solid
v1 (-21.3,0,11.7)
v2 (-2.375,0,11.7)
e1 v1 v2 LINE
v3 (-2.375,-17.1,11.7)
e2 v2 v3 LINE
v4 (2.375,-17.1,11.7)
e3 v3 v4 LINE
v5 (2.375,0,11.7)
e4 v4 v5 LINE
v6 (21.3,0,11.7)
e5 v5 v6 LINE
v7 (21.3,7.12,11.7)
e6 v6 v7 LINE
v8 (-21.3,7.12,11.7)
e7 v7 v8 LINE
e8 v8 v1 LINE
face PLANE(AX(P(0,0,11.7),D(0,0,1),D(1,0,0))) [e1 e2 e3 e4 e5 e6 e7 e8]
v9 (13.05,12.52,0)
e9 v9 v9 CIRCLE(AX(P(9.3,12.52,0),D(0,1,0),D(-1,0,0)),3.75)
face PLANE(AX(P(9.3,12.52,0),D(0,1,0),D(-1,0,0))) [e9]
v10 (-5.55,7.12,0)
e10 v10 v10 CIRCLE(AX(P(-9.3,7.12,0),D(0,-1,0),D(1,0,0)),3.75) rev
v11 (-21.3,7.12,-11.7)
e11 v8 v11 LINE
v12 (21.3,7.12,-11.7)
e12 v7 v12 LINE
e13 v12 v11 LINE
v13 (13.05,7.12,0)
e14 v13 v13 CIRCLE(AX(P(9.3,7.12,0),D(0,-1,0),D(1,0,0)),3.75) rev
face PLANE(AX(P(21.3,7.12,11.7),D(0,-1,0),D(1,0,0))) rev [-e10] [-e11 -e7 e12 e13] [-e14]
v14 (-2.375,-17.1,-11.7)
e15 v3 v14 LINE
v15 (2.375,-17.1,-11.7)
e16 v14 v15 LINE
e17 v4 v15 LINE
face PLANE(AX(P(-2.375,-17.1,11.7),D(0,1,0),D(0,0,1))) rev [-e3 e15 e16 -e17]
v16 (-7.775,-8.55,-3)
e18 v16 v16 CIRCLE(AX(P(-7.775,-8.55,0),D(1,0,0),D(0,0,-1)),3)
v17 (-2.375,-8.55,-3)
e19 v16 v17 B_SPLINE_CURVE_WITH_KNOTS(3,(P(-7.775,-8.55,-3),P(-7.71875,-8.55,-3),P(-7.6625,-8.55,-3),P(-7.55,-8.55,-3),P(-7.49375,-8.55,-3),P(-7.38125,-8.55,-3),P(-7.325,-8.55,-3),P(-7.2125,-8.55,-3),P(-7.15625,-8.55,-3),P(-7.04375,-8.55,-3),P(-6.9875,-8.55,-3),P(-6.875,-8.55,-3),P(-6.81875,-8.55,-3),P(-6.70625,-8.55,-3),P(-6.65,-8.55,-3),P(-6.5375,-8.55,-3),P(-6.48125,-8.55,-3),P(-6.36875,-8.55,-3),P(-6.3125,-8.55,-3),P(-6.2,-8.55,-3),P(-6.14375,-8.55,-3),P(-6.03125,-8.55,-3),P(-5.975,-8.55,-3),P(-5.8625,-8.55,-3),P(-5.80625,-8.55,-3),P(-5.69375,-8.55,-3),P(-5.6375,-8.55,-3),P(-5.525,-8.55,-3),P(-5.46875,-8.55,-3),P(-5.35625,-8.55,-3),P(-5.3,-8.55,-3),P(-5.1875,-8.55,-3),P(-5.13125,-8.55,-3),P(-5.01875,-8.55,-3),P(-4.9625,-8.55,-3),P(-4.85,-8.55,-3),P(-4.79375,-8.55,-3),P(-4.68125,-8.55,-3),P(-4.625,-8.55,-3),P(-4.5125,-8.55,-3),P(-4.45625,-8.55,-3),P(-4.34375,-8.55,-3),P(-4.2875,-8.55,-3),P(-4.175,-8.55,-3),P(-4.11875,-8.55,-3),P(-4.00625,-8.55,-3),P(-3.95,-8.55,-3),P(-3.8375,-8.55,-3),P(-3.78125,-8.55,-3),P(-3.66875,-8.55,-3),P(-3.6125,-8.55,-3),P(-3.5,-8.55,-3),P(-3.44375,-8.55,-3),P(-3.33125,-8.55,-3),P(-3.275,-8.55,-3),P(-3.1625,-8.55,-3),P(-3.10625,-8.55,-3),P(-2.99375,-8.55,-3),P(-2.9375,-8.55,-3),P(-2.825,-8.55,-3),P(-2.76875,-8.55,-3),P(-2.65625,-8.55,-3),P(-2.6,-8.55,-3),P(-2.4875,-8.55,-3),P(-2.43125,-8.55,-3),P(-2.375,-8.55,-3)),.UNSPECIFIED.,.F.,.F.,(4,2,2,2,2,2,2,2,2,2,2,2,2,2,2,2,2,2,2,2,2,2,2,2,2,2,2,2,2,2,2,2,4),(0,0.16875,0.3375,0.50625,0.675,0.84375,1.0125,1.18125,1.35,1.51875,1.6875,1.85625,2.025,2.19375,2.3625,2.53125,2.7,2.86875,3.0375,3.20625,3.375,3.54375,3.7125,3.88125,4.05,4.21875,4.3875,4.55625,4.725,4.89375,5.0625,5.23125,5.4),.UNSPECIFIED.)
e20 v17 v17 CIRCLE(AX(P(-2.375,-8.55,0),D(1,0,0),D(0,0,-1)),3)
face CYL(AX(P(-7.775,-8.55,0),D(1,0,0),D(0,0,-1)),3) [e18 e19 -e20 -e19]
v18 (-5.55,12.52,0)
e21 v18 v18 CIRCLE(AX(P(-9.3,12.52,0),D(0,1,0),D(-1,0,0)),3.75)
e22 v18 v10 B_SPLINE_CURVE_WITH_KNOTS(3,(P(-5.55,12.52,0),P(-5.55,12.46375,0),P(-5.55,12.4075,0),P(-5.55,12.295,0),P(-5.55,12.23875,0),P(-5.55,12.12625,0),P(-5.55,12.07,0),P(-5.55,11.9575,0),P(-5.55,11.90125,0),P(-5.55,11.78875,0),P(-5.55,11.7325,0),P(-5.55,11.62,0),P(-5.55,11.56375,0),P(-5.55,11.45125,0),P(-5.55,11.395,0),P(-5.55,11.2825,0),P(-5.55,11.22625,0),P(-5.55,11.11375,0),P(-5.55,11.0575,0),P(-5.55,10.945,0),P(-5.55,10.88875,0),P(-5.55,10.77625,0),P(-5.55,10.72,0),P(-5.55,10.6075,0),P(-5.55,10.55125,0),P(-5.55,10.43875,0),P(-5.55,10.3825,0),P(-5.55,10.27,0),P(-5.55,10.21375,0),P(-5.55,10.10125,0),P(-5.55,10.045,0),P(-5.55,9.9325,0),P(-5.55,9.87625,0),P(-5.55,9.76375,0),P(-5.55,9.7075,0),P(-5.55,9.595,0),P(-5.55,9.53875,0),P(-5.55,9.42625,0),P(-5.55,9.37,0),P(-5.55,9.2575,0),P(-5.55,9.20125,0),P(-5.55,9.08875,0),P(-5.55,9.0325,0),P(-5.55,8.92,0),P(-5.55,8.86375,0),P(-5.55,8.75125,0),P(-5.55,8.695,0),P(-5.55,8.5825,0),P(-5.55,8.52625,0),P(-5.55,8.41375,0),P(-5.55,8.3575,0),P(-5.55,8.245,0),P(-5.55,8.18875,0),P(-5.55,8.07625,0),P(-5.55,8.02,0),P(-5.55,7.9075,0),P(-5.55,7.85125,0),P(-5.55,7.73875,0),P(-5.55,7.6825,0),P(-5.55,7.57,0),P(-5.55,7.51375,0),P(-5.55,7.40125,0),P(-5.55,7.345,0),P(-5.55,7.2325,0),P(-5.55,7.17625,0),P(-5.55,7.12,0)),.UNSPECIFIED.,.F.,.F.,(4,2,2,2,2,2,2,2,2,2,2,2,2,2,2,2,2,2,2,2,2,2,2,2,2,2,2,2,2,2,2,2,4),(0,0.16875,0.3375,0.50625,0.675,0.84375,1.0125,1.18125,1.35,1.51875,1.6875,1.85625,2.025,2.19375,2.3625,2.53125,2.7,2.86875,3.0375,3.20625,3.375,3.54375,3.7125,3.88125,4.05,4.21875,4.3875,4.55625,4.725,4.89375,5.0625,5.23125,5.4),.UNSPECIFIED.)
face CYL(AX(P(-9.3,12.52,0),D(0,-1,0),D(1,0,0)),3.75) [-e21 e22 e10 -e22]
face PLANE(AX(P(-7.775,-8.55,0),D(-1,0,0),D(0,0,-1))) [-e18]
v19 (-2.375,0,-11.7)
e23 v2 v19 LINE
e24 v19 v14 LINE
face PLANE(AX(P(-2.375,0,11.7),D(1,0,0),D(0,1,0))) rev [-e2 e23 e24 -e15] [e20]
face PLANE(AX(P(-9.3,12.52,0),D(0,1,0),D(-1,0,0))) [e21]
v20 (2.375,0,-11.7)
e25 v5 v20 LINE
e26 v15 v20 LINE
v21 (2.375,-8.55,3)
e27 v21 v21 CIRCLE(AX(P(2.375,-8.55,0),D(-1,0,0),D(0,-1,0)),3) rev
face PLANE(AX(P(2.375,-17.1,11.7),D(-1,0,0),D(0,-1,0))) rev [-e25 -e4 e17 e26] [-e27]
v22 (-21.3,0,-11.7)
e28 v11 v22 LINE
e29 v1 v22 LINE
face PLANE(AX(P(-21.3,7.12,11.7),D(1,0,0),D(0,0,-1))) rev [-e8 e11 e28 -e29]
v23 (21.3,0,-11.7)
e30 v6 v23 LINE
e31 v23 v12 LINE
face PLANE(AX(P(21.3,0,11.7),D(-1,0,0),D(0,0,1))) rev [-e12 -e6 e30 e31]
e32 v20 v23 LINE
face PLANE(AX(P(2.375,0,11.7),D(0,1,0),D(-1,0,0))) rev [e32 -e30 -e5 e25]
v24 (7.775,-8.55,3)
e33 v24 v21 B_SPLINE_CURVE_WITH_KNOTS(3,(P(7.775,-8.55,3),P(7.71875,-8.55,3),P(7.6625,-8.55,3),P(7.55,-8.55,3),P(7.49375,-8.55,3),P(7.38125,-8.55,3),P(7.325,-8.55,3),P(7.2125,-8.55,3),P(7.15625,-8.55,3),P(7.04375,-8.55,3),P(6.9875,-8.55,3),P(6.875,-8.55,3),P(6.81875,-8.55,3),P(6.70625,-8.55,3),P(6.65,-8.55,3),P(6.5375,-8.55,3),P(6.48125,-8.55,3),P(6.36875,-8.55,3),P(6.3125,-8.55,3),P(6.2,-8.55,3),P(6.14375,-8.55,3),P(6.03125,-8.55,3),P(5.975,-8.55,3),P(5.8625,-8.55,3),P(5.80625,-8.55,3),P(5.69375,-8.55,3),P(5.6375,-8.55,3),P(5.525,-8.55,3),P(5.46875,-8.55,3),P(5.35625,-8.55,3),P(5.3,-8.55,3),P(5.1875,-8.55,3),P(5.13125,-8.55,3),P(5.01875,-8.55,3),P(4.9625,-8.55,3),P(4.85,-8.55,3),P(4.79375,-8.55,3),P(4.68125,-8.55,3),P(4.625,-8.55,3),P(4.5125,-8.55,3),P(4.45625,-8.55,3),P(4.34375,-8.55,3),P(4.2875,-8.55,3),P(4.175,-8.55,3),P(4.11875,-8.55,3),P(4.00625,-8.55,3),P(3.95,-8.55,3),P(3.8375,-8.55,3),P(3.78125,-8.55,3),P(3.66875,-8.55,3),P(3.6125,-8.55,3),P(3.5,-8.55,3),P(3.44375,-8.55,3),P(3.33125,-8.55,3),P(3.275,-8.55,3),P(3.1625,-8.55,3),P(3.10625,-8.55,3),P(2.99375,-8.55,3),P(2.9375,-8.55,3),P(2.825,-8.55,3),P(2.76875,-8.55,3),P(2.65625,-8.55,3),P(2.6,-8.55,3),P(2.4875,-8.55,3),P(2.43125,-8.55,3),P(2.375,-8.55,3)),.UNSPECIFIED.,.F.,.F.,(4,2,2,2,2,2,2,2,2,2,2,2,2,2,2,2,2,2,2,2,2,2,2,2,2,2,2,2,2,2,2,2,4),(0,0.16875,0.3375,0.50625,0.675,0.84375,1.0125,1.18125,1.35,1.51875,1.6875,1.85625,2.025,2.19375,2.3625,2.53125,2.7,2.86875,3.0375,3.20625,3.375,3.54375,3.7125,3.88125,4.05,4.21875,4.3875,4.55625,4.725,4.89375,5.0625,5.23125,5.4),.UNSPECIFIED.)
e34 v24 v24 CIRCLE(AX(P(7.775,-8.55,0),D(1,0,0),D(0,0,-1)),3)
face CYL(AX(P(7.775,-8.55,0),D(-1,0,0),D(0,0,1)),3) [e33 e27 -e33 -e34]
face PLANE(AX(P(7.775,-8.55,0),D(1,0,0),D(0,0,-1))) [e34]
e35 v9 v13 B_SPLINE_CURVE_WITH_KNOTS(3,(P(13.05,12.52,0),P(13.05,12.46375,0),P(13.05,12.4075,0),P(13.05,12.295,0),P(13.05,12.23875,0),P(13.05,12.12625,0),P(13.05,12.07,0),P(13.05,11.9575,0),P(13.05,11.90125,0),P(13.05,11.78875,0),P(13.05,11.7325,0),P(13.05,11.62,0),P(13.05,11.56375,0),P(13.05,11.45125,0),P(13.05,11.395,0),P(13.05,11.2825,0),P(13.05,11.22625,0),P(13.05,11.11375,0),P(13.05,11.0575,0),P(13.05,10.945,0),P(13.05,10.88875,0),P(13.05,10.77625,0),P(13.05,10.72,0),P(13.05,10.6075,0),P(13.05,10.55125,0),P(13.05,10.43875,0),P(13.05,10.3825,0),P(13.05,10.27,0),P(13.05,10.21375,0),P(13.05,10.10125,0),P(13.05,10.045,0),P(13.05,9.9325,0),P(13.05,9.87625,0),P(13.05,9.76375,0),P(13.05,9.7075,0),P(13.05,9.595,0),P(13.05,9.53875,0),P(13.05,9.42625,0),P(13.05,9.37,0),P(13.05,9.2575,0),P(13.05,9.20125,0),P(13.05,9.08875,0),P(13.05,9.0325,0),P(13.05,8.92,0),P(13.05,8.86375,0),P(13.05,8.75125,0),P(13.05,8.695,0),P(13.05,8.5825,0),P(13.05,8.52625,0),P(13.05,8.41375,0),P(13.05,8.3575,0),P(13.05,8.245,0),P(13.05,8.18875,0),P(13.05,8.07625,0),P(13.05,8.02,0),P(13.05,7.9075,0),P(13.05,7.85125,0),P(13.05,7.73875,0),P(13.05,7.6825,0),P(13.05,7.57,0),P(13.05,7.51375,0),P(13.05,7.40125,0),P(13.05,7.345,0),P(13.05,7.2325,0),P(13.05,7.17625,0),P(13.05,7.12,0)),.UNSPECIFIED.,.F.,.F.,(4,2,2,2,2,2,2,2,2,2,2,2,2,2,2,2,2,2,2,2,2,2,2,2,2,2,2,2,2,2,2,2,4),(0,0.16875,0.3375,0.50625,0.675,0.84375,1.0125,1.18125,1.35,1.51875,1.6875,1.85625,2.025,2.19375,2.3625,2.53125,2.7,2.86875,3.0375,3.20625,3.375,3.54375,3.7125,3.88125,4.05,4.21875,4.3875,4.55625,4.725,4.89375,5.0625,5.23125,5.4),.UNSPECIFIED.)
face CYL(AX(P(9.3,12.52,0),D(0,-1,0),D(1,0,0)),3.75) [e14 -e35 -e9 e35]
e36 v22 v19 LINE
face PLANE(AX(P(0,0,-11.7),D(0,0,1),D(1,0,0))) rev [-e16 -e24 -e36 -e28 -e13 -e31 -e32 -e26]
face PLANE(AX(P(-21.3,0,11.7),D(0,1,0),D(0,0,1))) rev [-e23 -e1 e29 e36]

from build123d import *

# Parameters (mm, degrees)
SALIENTE_EXTRUIR1_DEPTH = 11.7
CROQUIS3_R              = 3.75
SALIENTE_EXTRUIR2_DEPTH = 5.4
CROQUIS5_R              = 3
SALIENTE_EXTRUIR3_DEPTH = 5.4


with BuildPart() as part:
    # Croquis2 → Saliente-Extruir1 (new, symmetric)
    with BuildSketch(Plane.XY):
        Polygon((-21.3, 7.12), (-21.3, 0), (-2.375, 0), (-2.375, -17.1), (2.375, -17.1), (2.375, 0), (21.3, 0), (21.3, 7.12), align=None)
    extrude(amount=SALIENTE_EXTRUIR1_DEPTH, both=True)

    # Croquis3 → Saliente-Extruir2 (add)
    with BuildSketch(Plane(origin=(0, 7.12, 0), x_dir=(1, 0, 0), z_dir=(0, 1, 0))):
        with Locations((-9.3, 0)):
            Circle(CROQUIS3_R)
        with Locations((9.3, 0)):
            Circle(CROQUIS3_R)
    extrude(amount=SALIENTE_EXTRUIR2_DEPTH)

    # Croquis5 → Saliente-Extruir3 (add)
    with BuildSketch(Plane(origin=(2.375, 0, 0), x_dir=(0, 0, -1), z_dir=(1, 0, 0))):
        with Locations(Location((0, -8.55, 0), (0, 0, 180))):
            Circle(CROQUIS5_R)
    saliente_extruir3 = extrude(amount=SALIENTE_EXTRUIR3_DEPTH)

    # Simetría1: Saliente-Extruir3 across plane
    add(saliente_extruir3.mirror(Plane(origin=(0, 0, 0), x_dir=(0, 0, 1), z_dir=(1, 0, 0))))


solid = part.part
